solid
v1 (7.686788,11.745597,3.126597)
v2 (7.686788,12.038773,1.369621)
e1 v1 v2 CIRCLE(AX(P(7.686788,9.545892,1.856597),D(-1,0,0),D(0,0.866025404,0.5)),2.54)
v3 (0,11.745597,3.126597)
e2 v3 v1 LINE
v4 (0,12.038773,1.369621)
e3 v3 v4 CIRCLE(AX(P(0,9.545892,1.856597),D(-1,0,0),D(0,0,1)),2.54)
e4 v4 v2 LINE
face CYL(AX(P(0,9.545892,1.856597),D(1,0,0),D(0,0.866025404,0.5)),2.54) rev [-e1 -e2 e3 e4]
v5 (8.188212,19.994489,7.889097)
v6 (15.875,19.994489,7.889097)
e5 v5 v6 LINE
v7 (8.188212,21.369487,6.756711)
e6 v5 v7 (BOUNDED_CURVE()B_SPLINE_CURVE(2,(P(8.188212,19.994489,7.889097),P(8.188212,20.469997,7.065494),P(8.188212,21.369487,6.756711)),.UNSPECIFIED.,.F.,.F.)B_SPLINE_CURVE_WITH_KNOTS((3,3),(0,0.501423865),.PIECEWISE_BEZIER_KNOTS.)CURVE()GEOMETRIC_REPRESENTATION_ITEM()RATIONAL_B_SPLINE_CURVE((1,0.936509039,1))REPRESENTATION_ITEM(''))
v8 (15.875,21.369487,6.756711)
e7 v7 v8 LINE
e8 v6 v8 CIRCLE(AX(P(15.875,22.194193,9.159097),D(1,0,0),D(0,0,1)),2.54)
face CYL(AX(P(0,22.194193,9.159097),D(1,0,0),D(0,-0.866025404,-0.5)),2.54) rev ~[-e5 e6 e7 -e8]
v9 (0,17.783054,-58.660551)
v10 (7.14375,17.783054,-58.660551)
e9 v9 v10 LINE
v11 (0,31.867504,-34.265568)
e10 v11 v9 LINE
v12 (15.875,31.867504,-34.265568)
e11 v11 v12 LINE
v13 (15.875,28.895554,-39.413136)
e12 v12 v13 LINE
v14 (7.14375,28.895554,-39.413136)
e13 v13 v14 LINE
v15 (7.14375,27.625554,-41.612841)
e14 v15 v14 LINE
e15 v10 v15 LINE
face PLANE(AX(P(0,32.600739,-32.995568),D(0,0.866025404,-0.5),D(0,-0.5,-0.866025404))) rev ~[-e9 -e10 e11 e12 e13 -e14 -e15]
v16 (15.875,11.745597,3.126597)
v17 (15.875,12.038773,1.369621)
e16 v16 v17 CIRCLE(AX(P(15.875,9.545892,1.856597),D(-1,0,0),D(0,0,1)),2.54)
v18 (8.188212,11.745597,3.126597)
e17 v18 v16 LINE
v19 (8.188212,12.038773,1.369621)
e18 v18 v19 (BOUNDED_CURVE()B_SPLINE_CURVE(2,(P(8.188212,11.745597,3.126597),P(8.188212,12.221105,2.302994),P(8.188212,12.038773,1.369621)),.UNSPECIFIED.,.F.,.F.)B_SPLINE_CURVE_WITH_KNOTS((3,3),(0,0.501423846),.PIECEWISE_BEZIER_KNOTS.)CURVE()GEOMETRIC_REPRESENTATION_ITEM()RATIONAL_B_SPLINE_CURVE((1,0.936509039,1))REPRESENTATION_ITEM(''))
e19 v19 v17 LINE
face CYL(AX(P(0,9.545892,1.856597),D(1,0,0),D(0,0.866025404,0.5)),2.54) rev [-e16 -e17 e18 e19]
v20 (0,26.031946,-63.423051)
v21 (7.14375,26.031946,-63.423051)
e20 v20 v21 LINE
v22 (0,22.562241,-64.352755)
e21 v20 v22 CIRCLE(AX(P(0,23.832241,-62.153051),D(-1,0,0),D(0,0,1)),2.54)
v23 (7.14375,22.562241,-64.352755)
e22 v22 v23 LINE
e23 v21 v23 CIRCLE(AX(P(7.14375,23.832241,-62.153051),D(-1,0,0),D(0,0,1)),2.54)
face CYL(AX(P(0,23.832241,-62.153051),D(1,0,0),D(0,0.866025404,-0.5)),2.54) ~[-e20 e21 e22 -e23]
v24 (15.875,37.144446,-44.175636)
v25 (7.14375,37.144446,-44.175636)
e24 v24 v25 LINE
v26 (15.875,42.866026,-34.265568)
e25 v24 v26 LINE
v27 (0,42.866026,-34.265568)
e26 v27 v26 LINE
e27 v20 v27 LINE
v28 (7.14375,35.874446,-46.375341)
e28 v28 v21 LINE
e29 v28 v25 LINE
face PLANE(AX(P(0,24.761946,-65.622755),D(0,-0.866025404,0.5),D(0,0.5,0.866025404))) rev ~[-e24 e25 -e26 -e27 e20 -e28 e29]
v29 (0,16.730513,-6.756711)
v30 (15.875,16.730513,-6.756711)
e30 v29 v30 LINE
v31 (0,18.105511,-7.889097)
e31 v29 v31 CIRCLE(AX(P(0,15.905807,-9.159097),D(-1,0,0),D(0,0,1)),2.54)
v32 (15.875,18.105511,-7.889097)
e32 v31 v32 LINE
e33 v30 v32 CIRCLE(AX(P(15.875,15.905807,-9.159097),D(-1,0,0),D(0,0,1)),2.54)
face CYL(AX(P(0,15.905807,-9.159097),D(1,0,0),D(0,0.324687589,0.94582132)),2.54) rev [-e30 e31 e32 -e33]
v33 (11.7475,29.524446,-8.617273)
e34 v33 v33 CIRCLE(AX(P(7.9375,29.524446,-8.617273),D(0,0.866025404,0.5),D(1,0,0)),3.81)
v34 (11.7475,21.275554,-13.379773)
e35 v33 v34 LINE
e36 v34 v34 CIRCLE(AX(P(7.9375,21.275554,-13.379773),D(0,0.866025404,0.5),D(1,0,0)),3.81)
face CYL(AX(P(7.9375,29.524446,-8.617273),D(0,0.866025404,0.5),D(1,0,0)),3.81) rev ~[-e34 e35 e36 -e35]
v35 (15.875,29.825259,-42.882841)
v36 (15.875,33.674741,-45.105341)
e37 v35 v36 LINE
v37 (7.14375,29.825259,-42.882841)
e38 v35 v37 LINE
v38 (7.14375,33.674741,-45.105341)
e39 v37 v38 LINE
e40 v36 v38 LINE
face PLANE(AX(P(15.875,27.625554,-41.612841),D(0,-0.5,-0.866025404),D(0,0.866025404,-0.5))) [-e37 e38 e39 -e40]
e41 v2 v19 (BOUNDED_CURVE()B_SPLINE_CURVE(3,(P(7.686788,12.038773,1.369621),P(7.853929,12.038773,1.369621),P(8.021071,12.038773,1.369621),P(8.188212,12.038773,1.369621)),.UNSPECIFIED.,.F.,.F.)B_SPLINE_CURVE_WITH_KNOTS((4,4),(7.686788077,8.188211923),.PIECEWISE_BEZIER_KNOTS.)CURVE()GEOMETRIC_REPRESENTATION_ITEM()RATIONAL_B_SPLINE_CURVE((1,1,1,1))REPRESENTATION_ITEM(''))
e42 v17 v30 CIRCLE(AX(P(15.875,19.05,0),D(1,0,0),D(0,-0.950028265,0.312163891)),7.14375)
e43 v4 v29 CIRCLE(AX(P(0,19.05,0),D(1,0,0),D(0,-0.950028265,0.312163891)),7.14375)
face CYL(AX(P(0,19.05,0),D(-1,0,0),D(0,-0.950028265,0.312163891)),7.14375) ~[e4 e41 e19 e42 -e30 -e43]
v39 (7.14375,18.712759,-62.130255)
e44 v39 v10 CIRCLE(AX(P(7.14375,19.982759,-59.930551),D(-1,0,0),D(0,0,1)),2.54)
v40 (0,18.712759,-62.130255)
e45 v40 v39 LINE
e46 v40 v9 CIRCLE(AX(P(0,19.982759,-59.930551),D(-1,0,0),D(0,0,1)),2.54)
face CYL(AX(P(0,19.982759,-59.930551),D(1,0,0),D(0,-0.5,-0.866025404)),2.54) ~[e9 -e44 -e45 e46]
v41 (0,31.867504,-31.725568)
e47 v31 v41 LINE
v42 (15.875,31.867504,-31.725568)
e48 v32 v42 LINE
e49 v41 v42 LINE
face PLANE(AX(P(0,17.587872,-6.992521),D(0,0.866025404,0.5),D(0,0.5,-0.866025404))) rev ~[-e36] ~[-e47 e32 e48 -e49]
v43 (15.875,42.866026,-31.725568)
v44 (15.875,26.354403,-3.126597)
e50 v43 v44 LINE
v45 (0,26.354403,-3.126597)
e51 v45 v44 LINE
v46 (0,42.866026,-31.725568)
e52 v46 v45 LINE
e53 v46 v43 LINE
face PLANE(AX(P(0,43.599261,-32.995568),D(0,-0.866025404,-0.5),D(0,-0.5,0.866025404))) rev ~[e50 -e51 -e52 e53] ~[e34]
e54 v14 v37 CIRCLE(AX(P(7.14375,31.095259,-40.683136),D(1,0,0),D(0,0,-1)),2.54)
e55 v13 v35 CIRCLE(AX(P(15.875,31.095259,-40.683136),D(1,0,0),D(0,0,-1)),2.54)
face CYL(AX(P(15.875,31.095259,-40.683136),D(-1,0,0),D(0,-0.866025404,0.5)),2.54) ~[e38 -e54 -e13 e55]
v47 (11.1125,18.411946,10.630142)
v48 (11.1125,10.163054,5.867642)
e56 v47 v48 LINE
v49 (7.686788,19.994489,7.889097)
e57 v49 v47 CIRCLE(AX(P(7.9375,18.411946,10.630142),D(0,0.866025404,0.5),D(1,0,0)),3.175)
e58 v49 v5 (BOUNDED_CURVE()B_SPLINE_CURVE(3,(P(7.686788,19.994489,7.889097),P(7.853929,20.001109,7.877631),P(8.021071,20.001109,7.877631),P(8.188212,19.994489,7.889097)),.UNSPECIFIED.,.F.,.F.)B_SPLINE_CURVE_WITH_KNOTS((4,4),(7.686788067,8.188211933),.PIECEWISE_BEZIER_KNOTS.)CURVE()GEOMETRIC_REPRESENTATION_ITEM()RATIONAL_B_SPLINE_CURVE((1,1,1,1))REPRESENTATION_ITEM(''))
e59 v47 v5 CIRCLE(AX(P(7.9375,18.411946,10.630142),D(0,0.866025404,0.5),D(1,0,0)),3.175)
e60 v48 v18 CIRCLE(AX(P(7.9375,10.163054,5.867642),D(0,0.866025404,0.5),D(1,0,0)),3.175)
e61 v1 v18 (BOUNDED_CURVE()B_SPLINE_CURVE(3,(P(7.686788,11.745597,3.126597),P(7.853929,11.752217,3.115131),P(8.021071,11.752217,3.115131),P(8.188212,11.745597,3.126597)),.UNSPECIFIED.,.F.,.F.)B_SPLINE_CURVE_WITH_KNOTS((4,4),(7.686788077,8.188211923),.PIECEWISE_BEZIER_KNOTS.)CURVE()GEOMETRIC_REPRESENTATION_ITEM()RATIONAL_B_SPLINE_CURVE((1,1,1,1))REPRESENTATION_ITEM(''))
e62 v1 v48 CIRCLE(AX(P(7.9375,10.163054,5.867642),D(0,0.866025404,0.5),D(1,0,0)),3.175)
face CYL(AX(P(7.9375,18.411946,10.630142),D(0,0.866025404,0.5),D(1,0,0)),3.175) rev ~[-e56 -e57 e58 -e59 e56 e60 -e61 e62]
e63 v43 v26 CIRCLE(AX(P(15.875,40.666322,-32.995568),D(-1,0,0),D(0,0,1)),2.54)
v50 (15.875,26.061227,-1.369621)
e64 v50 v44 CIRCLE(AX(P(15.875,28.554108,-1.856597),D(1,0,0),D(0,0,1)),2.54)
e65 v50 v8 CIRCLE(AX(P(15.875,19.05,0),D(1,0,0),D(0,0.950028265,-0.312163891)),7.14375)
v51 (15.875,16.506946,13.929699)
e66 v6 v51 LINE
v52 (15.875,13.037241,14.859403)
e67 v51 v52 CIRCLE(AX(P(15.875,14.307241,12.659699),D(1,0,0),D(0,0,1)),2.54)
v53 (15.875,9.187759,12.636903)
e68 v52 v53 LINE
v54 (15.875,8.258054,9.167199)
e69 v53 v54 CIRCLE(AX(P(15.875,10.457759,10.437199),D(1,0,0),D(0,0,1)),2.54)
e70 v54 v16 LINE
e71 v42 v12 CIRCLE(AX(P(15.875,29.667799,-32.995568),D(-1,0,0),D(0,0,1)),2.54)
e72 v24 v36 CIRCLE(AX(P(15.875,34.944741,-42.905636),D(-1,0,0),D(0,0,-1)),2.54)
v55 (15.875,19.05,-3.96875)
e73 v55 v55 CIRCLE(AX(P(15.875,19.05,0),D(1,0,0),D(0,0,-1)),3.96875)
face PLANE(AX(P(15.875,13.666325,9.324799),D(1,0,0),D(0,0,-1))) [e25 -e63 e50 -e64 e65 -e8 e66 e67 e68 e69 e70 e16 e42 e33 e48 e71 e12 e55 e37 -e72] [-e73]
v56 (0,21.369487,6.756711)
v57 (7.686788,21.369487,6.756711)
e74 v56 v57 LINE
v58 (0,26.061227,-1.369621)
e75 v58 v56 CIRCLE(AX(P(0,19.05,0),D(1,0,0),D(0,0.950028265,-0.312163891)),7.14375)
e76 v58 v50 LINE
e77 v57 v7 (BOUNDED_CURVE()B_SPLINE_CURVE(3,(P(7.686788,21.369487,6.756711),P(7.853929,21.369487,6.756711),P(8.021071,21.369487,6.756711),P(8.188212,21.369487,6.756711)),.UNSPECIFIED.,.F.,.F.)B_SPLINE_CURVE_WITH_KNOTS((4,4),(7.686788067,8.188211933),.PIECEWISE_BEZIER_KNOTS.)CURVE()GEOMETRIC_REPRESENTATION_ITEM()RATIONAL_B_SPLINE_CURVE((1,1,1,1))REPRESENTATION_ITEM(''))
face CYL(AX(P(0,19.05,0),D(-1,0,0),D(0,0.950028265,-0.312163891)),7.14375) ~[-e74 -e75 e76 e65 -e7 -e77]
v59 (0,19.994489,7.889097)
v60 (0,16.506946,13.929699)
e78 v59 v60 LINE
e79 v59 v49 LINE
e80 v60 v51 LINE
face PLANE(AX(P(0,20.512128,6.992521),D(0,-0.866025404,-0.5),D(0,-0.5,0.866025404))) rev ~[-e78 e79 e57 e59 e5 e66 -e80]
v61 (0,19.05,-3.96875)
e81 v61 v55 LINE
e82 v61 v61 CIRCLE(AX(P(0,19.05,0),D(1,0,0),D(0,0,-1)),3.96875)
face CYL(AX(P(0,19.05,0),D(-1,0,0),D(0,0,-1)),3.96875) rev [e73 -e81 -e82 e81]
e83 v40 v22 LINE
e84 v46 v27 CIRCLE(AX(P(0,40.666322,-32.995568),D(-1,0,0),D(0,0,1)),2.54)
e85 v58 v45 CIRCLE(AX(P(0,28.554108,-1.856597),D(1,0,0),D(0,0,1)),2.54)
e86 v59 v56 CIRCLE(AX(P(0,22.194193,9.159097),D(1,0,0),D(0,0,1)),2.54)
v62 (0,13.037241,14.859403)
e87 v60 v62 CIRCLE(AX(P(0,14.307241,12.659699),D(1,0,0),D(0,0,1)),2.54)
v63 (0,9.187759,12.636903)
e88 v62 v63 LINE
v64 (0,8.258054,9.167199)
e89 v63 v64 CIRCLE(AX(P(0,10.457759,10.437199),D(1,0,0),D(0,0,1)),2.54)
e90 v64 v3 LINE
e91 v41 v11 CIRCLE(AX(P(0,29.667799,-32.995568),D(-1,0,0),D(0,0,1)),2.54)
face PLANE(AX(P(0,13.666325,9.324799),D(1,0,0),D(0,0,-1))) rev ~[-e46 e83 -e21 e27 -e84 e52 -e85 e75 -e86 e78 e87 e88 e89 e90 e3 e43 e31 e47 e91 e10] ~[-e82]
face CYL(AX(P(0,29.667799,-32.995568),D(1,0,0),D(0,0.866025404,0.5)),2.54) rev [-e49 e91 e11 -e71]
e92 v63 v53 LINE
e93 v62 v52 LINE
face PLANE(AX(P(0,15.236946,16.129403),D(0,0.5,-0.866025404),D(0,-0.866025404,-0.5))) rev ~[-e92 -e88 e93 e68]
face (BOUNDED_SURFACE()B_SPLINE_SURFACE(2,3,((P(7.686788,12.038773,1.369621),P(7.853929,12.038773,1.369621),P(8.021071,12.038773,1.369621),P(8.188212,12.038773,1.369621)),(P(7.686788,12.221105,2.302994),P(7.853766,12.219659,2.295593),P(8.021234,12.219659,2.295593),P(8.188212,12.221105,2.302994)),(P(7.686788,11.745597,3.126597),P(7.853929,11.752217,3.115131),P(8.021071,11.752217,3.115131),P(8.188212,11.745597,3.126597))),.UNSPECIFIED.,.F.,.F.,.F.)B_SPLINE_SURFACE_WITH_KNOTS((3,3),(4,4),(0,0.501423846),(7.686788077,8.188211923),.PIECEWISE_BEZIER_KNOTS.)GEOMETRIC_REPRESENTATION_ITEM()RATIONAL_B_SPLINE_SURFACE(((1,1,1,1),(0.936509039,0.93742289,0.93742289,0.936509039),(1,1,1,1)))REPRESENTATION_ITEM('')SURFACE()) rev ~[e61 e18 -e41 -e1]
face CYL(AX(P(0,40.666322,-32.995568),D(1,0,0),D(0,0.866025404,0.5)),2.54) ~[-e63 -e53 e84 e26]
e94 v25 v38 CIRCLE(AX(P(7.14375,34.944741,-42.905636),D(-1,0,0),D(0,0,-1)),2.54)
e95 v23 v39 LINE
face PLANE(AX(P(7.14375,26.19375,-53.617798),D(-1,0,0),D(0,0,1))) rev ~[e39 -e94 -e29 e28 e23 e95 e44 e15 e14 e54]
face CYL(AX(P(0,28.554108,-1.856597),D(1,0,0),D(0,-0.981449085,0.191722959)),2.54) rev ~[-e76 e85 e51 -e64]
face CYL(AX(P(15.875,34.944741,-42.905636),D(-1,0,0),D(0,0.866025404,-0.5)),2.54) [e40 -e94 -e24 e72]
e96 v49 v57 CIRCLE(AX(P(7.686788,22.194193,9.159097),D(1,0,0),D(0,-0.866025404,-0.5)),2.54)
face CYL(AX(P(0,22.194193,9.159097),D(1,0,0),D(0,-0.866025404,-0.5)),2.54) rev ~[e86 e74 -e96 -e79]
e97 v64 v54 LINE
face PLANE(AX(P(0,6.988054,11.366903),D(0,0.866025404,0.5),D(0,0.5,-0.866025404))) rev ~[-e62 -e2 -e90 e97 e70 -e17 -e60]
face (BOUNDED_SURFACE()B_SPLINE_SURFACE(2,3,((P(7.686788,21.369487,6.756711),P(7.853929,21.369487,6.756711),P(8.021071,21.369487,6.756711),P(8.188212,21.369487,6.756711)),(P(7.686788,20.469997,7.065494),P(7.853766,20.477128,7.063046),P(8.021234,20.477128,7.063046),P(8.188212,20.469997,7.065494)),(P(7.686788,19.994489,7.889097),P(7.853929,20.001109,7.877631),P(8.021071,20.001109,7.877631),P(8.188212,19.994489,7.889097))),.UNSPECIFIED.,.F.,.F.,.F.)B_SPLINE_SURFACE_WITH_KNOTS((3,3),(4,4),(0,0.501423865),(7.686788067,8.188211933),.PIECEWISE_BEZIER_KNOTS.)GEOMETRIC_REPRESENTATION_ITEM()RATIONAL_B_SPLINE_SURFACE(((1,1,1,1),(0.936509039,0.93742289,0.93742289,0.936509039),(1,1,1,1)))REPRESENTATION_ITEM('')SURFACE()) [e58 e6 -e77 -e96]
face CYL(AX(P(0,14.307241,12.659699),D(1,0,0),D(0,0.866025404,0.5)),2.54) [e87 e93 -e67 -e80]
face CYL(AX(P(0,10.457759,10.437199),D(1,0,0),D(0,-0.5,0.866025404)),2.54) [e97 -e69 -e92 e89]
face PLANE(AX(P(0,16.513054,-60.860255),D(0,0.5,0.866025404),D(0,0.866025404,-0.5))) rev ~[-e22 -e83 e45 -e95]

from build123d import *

# Parameters (mm, degrees)
SKETCH1_R           = 3.96875
BOSS_EXTRUDE1_DEPTH = 15.875
SKETCH2_R           = 3.175
SKETCH2_R_2         = 3.81
CUT_EXTRUDE1_DEPTH  = 9.525
CUT_EXTRUDE2_DEPTH  = 8.73125
FILLET1_R           = 2.54


with BuildPart() as part:
    # Sketch1 → Boss-Extrude1 (new body)
    with BuildSketch(Plane(origin=(0, 0, 0), x_dir=(0, 0, -1), z_dir=(1, 0, 0))):
        with BuildLine():
            ThreePointArc((-2.230020797, 12.263235579), (-6.186668978, 15.478125), (-6.992520797, 20.51212755))
            Line((-6.992520797, 20.51212755), (-16.129403285, 15.236945986))
            Line((-16.129403285, 15.236945986), (-11.366903285, 6.988054014))
            Line((-11.366903285, 6.988054014), (-2.230020797, 12.263235579))
        make_face()
        with BuildLine():
            Line((-6.992520797, 20.51212755), (2.230020797, 25.836764421))
            ThreePointArc((2.230020797, 25.836764421), (-3.571875, 25.236668978), (-6.992520797, 20.51212755))
        make_face()
        with BuildLine():
            Line((6.992520797, 17.58787245), (-2.230020797, 12.263235579))
            ThreePointArc((-2.230020797, 12.263235579), (3.571875, 12.863331022), (6.992520797, 17.58787245))
        make_face()
        with BuildLine():
            Line((65.622755111, 24.761945986), (32.995567884, 43.599261314))
            Line((32.995567884, 43.599261314), (2.230020797, 25.836764421))
            ThreePointArc((2.230020797, 25.836764421), (5.786357884, 23.239418396), (7.14375, 19.05))
            ThreePointArc((7.14375, 19.05), (7.105842121, 18.315036184), (6.992520797, 17.58787245))
            Line((6.992520797, 17.58787245), (32.995567884, 32.600738686))
            Line((32.995567884, 32.600738686), (60.860255111, 16.513054014))
            Line((60.860255111, 16.513054014), (65.622755111, 24.761945986))
        make_face()
        with BuildLine():
            ThreePointArc((7.14375, 19.05), (5.786357884, 23.239418396), (2.230020797, 25.836764421))
            Line((2.230020797, 25.836764421), (-6.992520797, 20.51212755))
            ThreePointArc((-6.992520797, 20.51212755), (-6.186668978, 15.478125), (-2.230020797, 12.263235579))
            Line((-2.230020797, 12.263235579), (6.992520797, 17.58787245))
            ThreePointArc((6.992520797, 17.58787245), (7.105842121, 18.315036184), (7.14375, 19.05))
        make_face()
        with Locations((0, 19.05)):
            Circle(SKETCH1_R, mode=Mode.SUBTRACT)
    extrude(amount=BOSS_EXTRUDE1_DEPTH)

    # Sketch2 → Cut-Extrude1 (cut)
    with BuildSketch(Plane(origin=(0, 18.411945986, 10.630141971), x_dir=(1, 0, 0), z_dir=(0, 0.866025404, 0.5))):
        with Locations((7.9375, 0)):
            Circle(SKETCH2_R)
        with Locations((7.9375, 22.225)):
            Circle(SKETCH2_R_2)
    extrude(amount=-CUT_EXTRUDE1_DEPTH, mode=Mode.SUBTRACT)

    # Sketch3 → Cut-Extrude2 (cut)
    with BuildSketch(Plane(origin=(15.875, 0, 0), x_dir=(0, 0, -1), z_dir=(1, 0, 0))):
        Polygon((65.622755111, 24.761945986), (60.860255111, 16.513054014), (41.612840512, 27.625554014), (46.375340512, 35.874445986), align=None)
    extrude(amount=-CUT_EXTRUDE2_DEPTH, mode=Mode.SUBTRACT)

    # Fillet1
    fillet1_edges = [part.edges().sort_by_distance(p)[0] for p in [
        (7.9375, 6.988054014, 11.366903285),
        (7.9375, 15.236945986, 16.129403285),
        (7.9375, 20.51212755, 6.992520797),
        (7.9375, 25.836764421, -2.230020797),
        (7.9375, 43.599261314, -32.995567884),
        (7.9375, 32.600738686, -32.995567884),
        (7.9375, 17.58787245, -6.992520797),
        (7.9375, 12.263235579, 2.230020797),
        (3.571875, 24.761945986, -65.622755111),
        (3.571875, 16.513054014, -60.860255111),
        (11.509375, 35.874445986, -46.375340512),
        (11.509375, 27.625554014, -41.612840512),
    ]]
    fillet(fillet1_edges, radius=FILLET1_R)


solid = part.part
